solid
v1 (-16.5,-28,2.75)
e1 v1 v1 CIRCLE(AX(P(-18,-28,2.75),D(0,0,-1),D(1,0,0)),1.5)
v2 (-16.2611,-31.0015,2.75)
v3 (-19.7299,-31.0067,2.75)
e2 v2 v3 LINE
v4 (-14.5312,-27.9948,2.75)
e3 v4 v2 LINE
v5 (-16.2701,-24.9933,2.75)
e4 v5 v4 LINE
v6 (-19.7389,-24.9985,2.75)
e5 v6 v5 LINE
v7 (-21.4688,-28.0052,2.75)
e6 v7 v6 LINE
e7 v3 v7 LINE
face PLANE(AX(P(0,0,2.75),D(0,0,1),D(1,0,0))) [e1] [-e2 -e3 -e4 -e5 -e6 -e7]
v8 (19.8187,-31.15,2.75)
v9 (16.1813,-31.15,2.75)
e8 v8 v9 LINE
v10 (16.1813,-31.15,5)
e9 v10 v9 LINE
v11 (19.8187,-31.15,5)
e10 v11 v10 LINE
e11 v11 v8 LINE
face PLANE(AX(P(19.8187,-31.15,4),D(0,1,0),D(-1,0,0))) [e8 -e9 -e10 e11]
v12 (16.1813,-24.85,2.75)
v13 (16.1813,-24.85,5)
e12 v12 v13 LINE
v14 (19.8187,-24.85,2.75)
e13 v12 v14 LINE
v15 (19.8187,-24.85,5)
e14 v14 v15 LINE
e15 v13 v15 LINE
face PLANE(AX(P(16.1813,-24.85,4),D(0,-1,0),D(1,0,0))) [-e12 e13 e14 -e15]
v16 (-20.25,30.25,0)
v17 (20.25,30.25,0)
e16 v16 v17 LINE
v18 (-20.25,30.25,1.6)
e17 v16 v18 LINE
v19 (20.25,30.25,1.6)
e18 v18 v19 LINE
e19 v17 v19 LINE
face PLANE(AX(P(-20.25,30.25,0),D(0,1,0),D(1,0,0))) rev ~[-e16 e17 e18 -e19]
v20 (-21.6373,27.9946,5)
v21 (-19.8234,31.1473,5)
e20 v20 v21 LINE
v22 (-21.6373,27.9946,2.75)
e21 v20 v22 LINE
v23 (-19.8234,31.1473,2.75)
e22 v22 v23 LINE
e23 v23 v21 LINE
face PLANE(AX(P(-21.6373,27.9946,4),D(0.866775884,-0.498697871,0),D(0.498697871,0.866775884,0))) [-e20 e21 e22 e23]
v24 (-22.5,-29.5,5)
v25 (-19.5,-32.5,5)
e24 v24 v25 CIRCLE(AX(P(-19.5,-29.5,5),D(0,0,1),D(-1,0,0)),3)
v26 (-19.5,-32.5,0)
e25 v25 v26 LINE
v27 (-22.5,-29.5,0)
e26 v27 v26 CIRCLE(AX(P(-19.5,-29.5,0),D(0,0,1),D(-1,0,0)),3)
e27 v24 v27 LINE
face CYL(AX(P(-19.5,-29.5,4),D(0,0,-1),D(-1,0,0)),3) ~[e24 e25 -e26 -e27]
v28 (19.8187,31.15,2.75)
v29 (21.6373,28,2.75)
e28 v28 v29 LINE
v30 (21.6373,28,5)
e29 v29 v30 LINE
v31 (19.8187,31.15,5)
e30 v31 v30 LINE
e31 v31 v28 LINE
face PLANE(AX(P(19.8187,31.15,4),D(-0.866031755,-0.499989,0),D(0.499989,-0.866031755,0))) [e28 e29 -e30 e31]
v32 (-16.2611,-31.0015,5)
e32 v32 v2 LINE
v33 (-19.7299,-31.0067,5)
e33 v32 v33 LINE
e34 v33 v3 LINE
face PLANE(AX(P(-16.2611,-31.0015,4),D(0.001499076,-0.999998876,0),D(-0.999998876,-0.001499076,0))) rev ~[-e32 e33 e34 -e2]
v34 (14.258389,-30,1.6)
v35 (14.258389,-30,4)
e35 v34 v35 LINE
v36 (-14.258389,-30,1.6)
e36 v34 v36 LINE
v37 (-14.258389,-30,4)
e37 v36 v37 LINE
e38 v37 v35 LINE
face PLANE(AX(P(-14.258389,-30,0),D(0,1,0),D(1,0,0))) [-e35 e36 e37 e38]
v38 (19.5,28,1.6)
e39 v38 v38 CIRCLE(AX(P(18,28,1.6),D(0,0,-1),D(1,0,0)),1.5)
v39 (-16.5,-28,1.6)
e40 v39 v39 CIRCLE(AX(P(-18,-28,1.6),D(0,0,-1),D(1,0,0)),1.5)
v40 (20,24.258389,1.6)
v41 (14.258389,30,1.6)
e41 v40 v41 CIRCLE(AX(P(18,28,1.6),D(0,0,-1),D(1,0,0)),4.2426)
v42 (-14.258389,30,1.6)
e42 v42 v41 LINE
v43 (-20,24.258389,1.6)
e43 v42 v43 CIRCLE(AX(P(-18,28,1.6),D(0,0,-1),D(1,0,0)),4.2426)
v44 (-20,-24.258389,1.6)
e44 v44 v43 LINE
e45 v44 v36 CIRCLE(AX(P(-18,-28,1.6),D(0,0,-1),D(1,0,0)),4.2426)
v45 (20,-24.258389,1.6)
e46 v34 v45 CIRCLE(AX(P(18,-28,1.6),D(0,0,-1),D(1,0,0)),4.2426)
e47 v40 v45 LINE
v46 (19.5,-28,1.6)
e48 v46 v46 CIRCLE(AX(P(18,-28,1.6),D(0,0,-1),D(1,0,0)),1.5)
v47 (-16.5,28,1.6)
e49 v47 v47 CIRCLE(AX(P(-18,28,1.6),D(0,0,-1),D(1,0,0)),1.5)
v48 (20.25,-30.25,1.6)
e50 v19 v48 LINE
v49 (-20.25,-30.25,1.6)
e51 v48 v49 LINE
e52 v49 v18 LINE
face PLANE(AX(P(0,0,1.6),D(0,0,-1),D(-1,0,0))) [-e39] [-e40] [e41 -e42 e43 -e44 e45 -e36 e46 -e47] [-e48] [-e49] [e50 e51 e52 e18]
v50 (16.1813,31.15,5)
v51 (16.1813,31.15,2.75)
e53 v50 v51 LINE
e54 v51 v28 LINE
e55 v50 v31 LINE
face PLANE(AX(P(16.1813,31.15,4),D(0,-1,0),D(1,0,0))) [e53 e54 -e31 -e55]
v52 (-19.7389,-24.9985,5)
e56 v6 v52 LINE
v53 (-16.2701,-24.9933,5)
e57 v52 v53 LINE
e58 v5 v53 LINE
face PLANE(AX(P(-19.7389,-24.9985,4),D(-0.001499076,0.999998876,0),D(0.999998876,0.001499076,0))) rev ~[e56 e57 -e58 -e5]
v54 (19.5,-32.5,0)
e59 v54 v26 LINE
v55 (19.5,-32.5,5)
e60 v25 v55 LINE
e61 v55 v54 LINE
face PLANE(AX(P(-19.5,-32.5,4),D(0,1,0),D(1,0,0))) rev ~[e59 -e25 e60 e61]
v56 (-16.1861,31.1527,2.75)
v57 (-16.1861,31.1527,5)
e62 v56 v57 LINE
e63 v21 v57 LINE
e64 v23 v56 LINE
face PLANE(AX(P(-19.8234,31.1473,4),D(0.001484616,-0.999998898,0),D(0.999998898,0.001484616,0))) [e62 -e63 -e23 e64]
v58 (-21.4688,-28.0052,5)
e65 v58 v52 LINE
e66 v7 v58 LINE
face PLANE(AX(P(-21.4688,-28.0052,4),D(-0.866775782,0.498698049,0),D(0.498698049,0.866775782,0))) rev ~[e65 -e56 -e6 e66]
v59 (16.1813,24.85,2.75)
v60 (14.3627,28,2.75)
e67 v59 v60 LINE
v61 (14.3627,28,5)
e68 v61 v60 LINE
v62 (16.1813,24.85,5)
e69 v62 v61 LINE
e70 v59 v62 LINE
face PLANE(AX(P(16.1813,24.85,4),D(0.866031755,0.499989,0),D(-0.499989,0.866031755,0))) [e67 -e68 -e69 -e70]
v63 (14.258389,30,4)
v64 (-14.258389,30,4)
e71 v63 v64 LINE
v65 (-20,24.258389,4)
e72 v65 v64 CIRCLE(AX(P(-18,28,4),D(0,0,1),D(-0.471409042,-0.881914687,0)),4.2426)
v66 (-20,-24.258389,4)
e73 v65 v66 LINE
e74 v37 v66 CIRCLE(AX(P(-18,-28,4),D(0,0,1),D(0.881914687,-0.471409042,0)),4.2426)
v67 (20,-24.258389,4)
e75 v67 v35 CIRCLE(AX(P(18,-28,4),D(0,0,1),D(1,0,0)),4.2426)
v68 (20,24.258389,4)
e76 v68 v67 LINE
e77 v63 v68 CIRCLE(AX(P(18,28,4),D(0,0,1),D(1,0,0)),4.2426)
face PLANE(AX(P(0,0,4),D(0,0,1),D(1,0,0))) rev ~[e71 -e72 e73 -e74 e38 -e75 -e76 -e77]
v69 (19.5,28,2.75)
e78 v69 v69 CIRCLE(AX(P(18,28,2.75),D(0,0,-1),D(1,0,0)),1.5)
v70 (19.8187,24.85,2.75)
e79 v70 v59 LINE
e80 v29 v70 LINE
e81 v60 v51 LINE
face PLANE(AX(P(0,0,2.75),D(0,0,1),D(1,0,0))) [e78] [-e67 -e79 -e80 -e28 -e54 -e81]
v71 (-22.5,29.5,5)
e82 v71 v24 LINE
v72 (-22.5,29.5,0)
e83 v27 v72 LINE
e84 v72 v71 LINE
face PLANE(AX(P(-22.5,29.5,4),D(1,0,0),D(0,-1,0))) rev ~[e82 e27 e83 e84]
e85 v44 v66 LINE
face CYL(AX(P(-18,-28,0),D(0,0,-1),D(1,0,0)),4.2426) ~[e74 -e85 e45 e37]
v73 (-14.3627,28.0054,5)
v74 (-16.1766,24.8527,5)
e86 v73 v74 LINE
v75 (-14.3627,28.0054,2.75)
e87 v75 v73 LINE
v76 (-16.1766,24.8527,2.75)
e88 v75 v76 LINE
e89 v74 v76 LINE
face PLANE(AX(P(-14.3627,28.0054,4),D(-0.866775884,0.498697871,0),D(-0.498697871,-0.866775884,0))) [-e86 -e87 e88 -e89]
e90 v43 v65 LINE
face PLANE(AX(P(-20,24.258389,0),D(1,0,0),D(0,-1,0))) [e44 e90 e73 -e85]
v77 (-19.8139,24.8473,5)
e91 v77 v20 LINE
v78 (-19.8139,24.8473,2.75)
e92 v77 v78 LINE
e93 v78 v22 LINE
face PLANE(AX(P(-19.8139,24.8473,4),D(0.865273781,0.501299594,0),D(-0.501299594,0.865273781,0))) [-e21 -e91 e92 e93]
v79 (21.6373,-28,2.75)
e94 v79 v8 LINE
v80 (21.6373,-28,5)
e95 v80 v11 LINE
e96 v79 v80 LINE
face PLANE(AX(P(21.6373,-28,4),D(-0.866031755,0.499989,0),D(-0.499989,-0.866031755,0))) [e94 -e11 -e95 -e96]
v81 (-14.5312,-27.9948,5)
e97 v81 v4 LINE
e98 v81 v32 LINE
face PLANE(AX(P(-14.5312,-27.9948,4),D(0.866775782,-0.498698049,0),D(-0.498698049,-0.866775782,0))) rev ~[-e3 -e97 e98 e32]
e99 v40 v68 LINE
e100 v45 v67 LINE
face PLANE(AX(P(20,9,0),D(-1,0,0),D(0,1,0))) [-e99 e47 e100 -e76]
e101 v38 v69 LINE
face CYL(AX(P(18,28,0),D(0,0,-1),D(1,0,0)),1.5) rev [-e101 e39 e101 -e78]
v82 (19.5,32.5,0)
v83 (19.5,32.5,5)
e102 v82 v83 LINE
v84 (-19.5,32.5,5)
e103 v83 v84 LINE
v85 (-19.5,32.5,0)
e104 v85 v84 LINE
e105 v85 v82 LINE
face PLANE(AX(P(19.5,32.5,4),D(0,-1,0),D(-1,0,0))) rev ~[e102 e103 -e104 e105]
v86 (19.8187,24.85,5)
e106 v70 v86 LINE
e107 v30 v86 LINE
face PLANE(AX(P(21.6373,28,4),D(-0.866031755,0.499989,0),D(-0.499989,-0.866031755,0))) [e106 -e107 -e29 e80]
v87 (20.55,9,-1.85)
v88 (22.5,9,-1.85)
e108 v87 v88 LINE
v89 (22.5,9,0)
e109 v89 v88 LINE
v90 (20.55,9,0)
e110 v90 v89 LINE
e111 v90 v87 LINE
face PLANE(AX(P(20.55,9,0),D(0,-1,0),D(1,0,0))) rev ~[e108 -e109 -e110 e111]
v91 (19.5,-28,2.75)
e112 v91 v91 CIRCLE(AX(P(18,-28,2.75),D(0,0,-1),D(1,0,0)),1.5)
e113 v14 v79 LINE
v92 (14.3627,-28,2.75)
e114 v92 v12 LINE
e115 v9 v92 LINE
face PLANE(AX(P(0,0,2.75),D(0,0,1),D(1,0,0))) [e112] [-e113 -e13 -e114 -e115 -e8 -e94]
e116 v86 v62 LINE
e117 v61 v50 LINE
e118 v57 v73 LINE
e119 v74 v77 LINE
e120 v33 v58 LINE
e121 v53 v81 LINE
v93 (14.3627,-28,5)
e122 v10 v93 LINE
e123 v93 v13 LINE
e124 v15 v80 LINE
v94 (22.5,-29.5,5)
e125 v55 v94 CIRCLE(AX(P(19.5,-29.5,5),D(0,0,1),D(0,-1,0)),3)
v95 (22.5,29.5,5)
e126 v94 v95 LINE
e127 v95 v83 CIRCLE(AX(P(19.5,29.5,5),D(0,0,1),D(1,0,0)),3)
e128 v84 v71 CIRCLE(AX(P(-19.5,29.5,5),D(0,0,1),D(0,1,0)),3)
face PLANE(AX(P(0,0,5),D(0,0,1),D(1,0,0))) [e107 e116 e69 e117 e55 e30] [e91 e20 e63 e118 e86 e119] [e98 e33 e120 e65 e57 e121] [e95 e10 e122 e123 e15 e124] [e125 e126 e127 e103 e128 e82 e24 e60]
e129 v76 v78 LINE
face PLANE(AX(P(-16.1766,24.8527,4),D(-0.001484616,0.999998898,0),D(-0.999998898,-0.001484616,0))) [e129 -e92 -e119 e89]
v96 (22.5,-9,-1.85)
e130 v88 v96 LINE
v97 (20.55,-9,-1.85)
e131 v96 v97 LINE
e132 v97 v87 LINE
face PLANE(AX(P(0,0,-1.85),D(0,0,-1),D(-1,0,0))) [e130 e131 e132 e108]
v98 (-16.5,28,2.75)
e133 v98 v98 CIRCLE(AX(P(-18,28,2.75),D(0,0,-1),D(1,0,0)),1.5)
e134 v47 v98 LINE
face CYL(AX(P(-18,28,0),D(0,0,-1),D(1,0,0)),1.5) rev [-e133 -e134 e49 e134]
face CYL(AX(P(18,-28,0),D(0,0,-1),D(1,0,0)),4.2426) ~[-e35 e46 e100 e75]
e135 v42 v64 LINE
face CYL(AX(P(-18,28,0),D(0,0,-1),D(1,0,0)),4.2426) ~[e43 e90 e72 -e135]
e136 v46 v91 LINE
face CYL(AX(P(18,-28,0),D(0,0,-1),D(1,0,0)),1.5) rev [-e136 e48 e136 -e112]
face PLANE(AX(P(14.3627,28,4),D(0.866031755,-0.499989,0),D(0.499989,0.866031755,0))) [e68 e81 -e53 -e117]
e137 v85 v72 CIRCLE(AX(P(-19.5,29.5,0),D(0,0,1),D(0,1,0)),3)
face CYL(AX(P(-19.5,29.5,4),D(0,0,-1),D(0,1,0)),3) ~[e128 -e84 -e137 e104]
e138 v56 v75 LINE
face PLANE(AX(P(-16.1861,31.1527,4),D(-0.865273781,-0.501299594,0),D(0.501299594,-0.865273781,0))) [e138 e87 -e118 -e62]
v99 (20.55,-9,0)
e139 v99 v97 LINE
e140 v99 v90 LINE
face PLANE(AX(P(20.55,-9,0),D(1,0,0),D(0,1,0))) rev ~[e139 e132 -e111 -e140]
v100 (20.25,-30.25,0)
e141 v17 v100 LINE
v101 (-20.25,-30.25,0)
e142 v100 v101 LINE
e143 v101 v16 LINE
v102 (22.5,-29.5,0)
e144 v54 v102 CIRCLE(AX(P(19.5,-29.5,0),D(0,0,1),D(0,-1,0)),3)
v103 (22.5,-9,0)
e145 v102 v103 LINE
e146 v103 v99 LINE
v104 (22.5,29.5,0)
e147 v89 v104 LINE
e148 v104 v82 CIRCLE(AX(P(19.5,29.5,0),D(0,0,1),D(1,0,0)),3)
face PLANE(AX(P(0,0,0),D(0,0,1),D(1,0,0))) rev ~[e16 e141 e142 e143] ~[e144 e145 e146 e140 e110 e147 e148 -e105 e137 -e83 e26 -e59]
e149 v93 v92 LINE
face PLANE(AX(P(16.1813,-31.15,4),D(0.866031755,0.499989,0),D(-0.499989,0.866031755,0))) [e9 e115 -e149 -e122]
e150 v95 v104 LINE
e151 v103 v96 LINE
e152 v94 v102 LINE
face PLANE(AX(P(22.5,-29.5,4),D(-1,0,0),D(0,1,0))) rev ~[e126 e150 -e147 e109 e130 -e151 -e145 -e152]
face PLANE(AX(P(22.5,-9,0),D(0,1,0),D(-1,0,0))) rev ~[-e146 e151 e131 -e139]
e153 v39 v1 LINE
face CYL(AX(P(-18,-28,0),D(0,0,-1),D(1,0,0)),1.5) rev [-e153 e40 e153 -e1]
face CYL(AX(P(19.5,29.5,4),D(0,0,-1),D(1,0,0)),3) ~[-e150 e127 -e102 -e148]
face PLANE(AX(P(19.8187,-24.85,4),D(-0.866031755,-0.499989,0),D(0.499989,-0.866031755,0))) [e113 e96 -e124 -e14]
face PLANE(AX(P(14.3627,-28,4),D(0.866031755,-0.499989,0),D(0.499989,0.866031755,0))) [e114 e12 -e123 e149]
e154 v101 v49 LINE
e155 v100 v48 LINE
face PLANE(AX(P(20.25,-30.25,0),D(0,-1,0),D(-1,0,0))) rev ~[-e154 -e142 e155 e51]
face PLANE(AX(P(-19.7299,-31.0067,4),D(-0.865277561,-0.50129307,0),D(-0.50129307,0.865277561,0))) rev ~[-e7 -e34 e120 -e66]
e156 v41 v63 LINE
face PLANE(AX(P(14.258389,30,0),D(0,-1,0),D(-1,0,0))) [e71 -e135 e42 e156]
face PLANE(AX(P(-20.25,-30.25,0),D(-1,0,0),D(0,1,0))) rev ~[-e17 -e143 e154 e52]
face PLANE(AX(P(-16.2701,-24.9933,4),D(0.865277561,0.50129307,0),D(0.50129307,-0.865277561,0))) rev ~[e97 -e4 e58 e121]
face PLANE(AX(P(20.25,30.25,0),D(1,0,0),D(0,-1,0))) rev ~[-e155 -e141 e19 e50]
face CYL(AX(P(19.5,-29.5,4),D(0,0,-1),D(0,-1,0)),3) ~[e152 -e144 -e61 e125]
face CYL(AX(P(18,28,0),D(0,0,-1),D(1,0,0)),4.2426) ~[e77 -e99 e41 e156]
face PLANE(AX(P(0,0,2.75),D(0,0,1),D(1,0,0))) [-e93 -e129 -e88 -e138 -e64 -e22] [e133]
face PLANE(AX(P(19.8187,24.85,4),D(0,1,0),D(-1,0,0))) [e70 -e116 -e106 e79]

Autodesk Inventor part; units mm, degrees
ref_plane "YZ Plane" through (0, 0, 0) normal (1, 0, 0) x (0, 1, 0)
ref_plane "XZ Plane" through (0, 0, 0) normal (0, 1, 0) x (-1, 0, 0)
ref_plane "XY Plane" through (0, 0, 0) normal (0, 0, 1) x (1, 0, 0)
ref_plane "РабПлоскость1" through (0, 0, 0) normal (0, 0, 1) x (1, 0, 0)
sketch "Эскиз1" plane through (0, 0, 0) normal (0, 0, 1) x (1, 0, 0)
  line L0 (22.5, 29.5) -> (22.5, 9) projected
  arc A0 (22.5, 29.5) -> (19.5, 32.5) centre (19.5, 29.5) ccw projected
  line L1 (-19.5, 32.5) -> (19.5, 32.5) projected
  arc A1 (-19.5, 32.5) -> (-22.5, 29.5) centre (-19.5, 29.5) ccw projected
  line L2 (-22.5, -29.5) -> (-22.5, 29.5) projected
  arc A2 (-22.5, -29.5) -> (-19.5, -32.5) centre (-19.5, -29.5) ccw projected
  line L3 (19.5, -32.5) -> (-19.5, -32.5) projected
  arc A3 (19.5, -32.5) -> (22.5, -29.5) centre (19.5, -29.5) ccw projected
  line L4 (22.5, -9) -> (22.5, -29.5) projected
  line L5 (20, -9) -> (22.5, -9) projected
  line L6 (20, -25) -> (20, -9) projected
  line L7 (18, -25) -> (20, -25) projected
  arc A4 (18, -25) -> (15, -28) centre (18, -28) ccw projected
  line L8 (15, -30) -> (15, -28) projected
  line L9 (-15, -30) -> (15, -30) projected
  line L10 (-15, -28) -> (-15, -30) projected
  arc A5 (-15, -28) -> (-18, -25) centre (-18, -28) ccw projected
  line L11 (-20, -25) -> (-18, -25) projected
  line L12 (-20, 25) -> (-20, -25) projected
  line L13 (-18, 25) -> (-20, 25) projected
  arc A6 (-18, 25) -> (-15, 28) centre (-18, 28) ccw projected
  line L14 (-15, 30) -> (-15, 28) projected
  line L15 (15, 30) -> (-15, 30) projected
  line L16 (15, 28) -> (15, 30) projected
  arc A7 (15, 28) -> (18, 25) centre (18, 28) ccw projected
  line L17 (20, 25) -> (18, 25) projected
  line L18 (20, 9) -> (20, 25) projected
  line L19 (22.5, 9) -> (20, 9) projected
  circle A8 centre (-18, -28) radius 1.5 projected
  circle A9 centre (-18, 28) radius 1.5 projected
  circle A10 centre (18, 28) radius 1.5 projected
  circle A11 centre (18, -28) radius 1.5 projected
  line L20 (22.5, 9) -> (22.5, -9)
  line L21 (20, 9) -> (20, -9.6142)
  circle A12 centre (18, 28) radius 4.2426
  circle A13 centre (18, -28) radius 4.2426
  circle A14 centre (-18, -28) radius 4.2426
  circle A15 centre (-18, 28) radius 4.2426
  point P0 (0, 0)
  point P1 (-14.2583, -30)
  point P2 (-20, -24.2583)
  point P3 (-20, 24.2583)
  point P4 (-14.2583, 30)
  point P5 (20, -24.2583)
  point P6 (14.2583, -30)
  point P7 (14.2583, 30)
  point P8 (20, 24.2583)
extrude "Выдавливание1" add sketch "Эскиз1" along normal blind 4 contours L0 L19 L18 A12 L15 A15 L12 A14 L9 A13 L6 L5 L4 A3 L3 A2 L2 A1 L1 A0 | L20 L5 L21 L19 | A12 L15 L16 A7 L17 L18 | L18 L17 A7 L16 L15 A12 | A15 L12 L13 A6 L14 L15 | L15 L14 A6 L13 L12 A15 | A13 L9 L8 A4 L7 L6 | L6 L7 A4 L8 L9 A13 | A14 L9 L10 A5 L11 L12 | L12 L11 A5 L10 L9 A14
sketch "Эскиз2" plane through (0, 0, 4) normal (0, 0, 1) x (1, 0, 0)
  circle A0 centre (18, 28) radius 1.5 projected
  circle A1 centre (18, -28) radius 1.5 projected
  circle A2 centre (-18, 28) radius 1.5 projected
  line L0 (16.1813, 24.85) -> (14.3627, 28)
  line L1 (14.3627, 28) -> (16.1813, 31.15)
  line L2 (16.1813, 31.15) -> (19.8187, 31.15)
  line L3 (19.8187, 31.15) -> (21.6373, 28)
  line L4 (21.6373, 28) -> (19.8187, 24.85)
  line L5 (19.8187, 24.85) -> (16.1813, 24.85)
  circle A3 centre (18, -28) radius 1.5 projected
  line L6 (21.6373, -28) -> (19.8187, -31.15)
  line L7 (19.8187, -31.15) -> (16.1813, -31.15)
  line L8 (16.1813, -31.15) -> (14.3627, -28)
  line L9 (14.3627, -28) -> (16.1813, -24.85)
  line L10 (16.1813, -24.85) -> (19.8187, -24.85)
  line L11 (19.8187, -24.85) -> (21.6373, -28)
  line L12 (-14.3627, 28.0054) -> (-16.1766, 24.8527)
  line L13 (-16.1766, 24.8527) -> (-19.8139, 24.8473)
  line L14 (-19.8139, 24.8473) -> (-21.6373, 27.9946)
  line L15 (-21.6373, 27.9946) -> (-19.8234, 31.1473)
  line L16 (-19.8234, 31.1473) -> (-16.1861, 31.1527)
  line L17 (-16.1861, 31.1527) -> (-14.3627, 28.0054)
  line L18 (-16.2701, -24.9933) -> (-14.5312, -27.9948)
  line L19 (-14.5312, -27.9948) -> (-16.2611, -31.0015)
  line L20 (-16.2611, -31.0015) -> (-19.7299, -31.0067)
  line L21 (-19.7299, -31.0067) -> (-21.4688, -28.0052)
  line L22 (-21.4688, -28.0052) -> (-19.7389, -24.9985)
  line L23 (-19.7389, -24.9985) -> (-16.2701, -24.9933)
  line L24 (19.5, 32.5) -> (-19.5, 32.5) projected
  point P0 (0, 0)
  point P1 (-18, -28)
  point P2 (-18, -28)
  dimension "d2" = 6.3
sketch "Эскиз3" plane through (0, 0, 4) normal (0, 0, 1) x (1, 0, 0)
  line L0 (19.5, 32.5) -> (-19.5, 32.5) projected
  arc A0 (22.5, 29.5) -> (19.5, 32.5) centre (19.5, 29.5) ccw projected
  line L1 (22.5, -29.5) -> (22.5, 29.5) projected
  arc A1 (19.5, -32.5) -> (22.5, -29.5) centre (19.5, -29.5) ccw projected
  line L2 (-19.5, -32.5) -> (19.5, -32.5) projected
  arc A2 (-22.5, -29.5) -> (-19.5, -32.5) centre (-19.5, -29.5) ccw projected
  line L3 (-22.5, 29.5) -> (-22.5, -29.5) projected
  arc A3 (-19.5, 32.5) -> (-22.5, 29.5) centre (-19.5, 29.5) ccw projected
  point P0 (0, 0)
extrude "Выдавливание2" add sketch "Эскиз3" along normal blind 1
extrude "Выдавливание3" cut sketch "Эскиз2" along normal blind 1 and the other way blind 1.25 contours A0 | A1 | A2 | L0 L1 L2 L3 L4 L5 | L6 L7 L8 L9 L10 L11 | L12 L13 L14 L15 L16 L17 | L18 L19 L20 L21 L22 L23
sketch "Эскиз4" plane through (0, 0, 0) normal (0, 0, -1) x (-1, 0, 0)
  line L0 (-20.25, -30.25) -> (20.25, -30.25)
  line L1 (20.25, -30.25) -> (20.25, 30.25)
  line L2 (20.25, 30.25) -> (-20.25, 30.25)
  line L3 (-20.25, 30.25) -> (-20.25, -30.25)
  line L4 (-20.25, -30.25) -> (20.25, 30.25) construction
  line L5 (20.25, -30.25) -> (-20.25, 30.25) construction
  point P0 (0, 0)
  dimension "d9" = 40.5
  dimension "d10" = 60.5
extrude "Выдавливание4" cut sketch "Эскиз4" against normal blind 1.6
sketch "Эскиз5" plane through (0, 0, 0) normal (0, 0, -1) x (-1, 0, 0)
  line L0 (-20, 9) -> (-20, -9) projected
  line L1 (-22.5, 29.5) -> (-22.5, -29.5) projected
  line L2 (-22.5, -29.5) -> (-22.5, 29.5) projected
  line L3 (-20, 9) -> (-22.5, 9)
  line L4 (-22.5, 9) -> (-22.5, -9)
  line L5 (-22.5, -9) -> (-20, -9)
  line L6 (-20, -9) -> (-20, 9)
  line L7 (-20.25, -30.25) -> (-20.25, 30.25) projected
  line L8 (-20.25, -9) -> (-20.55, -9)
  line L9 (-20.55, -9) -> (-20.55, 9)
  point P0 (0, 0)
  dimension "d15" = 0.3
extrude "Выдавливание5" add sketch "Эскиз5" along normal blind 1.85 contours L9 L5 L1 L3
properties part number "bottom"
